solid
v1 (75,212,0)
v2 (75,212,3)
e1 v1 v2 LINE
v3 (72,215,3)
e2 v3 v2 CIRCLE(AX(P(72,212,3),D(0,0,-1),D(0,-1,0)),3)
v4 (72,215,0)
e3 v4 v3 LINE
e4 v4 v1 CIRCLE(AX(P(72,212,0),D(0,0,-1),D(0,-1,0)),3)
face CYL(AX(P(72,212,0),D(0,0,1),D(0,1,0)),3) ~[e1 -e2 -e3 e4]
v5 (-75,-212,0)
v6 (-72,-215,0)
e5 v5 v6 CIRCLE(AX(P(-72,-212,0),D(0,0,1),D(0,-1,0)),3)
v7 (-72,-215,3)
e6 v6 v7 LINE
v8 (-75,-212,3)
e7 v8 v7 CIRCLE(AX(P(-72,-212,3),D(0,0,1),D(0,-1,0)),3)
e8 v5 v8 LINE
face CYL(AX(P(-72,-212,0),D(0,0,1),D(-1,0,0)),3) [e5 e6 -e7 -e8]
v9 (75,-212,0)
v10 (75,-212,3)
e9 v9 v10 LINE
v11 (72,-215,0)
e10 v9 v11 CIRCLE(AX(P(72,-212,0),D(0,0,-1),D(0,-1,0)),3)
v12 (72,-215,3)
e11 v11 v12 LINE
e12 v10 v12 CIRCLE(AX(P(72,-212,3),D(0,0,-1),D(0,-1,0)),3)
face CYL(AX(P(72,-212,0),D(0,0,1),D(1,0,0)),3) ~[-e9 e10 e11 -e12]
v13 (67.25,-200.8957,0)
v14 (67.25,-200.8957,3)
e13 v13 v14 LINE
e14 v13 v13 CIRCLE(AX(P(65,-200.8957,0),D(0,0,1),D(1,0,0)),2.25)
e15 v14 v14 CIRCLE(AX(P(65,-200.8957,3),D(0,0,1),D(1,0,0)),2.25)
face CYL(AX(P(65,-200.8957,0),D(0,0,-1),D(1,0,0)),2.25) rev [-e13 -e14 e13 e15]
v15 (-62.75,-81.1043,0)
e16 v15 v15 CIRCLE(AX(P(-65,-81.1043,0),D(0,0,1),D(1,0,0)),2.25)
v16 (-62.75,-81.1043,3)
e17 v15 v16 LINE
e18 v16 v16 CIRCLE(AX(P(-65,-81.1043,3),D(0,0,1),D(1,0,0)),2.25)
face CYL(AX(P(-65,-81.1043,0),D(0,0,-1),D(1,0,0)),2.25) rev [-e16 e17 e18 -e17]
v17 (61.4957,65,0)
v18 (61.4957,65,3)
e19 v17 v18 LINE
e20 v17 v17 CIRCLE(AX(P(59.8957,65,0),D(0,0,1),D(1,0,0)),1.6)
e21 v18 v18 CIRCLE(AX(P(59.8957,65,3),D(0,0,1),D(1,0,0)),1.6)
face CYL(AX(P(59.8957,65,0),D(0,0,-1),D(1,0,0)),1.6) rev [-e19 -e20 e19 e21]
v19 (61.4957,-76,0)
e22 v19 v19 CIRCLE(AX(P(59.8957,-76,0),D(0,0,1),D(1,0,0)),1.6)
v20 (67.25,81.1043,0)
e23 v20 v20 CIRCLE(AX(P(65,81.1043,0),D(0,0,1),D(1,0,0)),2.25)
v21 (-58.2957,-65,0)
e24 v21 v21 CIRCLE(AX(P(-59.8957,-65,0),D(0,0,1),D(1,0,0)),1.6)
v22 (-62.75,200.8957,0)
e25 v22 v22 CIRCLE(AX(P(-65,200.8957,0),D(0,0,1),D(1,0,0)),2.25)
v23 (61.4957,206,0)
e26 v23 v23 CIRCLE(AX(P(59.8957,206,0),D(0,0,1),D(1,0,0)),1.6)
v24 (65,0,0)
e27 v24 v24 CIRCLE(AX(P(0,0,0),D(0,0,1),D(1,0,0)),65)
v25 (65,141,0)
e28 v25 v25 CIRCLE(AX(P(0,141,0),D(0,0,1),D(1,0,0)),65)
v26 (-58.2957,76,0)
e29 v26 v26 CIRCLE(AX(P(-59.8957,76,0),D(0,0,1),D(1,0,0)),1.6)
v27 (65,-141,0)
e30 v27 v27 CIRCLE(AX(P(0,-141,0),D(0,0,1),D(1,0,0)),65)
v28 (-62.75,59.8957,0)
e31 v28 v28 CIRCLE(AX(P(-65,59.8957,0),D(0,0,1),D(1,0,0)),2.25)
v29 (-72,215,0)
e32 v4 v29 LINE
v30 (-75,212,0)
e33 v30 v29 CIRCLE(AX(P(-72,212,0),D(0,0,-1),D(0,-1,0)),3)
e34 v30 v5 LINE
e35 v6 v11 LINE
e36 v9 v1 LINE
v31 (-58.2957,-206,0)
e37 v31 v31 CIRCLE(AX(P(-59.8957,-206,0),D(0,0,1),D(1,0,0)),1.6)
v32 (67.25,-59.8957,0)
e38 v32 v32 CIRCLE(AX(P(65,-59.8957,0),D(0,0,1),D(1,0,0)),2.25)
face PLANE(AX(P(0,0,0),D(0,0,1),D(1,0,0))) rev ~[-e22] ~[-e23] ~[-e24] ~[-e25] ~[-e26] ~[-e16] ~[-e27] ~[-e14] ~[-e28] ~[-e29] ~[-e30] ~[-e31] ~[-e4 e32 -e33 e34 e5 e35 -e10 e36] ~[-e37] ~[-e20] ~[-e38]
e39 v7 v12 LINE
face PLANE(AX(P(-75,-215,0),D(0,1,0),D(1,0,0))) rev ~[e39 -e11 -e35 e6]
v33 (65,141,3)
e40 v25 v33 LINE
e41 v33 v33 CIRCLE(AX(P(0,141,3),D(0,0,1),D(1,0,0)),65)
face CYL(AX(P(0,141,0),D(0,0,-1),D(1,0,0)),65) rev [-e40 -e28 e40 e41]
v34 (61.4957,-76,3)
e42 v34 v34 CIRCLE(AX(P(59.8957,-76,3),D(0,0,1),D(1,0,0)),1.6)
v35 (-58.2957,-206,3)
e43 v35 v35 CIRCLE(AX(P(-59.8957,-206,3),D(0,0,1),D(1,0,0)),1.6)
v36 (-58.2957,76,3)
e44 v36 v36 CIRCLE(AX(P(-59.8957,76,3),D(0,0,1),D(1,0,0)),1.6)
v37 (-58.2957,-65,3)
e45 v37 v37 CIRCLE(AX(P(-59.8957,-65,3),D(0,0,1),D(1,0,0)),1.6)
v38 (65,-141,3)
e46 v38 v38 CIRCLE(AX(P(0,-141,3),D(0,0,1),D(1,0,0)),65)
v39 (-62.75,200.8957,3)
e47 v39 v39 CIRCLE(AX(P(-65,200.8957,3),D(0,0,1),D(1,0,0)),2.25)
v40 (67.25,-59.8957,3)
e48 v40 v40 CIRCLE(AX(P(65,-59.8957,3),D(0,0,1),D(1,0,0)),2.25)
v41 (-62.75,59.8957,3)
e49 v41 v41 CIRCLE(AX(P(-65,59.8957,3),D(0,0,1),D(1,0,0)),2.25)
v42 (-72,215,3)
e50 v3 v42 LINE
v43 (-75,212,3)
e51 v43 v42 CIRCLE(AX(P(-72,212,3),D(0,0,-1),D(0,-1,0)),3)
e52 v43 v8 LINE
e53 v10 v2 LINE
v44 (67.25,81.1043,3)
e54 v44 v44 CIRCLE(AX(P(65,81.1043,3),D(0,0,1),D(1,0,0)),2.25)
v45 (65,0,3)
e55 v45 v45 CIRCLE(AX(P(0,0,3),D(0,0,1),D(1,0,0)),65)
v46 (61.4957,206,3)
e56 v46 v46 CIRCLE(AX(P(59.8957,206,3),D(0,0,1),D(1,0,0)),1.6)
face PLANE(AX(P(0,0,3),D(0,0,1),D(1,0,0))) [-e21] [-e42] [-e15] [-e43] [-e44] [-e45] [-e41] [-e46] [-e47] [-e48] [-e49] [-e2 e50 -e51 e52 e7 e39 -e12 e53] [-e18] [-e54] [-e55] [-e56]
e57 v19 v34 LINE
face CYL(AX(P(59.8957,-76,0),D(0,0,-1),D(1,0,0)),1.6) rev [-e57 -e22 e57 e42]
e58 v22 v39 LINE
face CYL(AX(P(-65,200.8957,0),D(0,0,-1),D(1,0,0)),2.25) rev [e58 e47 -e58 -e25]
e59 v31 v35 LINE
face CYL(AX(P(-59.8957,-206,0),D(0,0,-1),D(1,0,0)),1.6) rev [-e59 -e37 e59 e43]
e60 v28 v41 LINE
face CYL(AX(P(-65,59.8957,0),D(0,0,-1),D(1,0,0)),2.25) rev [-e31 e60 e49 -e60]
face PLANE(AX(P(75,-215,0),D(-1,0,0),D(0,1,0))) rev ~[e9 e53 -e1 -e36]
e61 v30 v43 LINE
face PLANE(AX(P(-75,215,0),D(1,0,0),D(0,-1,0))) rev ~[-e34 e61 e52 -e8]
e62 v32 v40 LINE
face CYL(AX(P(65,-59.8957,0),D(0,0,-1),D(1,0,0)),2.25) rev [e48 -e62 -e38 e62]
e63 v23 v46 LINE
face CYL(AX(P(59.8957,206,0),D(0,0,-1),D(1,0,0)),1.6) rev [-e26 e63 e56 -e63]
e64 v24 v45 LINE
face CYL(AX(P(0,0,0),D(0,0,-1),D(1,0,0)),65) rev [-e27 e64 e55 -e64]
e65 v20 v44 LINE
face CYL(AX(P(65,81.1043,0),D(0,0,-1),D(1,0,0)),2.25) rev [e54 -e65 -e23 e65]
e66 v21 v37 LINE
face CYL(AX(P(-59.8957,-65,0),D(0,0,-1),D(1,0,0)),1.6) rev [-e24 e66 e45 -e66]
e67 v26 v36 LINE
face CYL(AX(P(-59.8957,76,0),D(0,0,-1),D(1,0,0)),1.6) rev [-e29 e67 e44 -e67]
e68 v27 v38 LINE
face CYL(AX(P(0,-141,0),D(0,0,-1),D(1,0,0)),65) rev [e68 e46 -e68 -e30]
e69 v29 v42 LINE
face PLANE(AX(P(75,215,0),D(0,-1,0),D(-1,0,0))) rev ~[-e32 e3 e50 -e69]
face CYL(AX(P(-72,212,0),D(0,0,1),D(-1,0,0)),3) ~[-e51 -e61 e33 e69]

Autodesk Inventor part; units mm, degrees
ref_plane "YZ Plane" through (0, 0, 0) normal (1, 0, 0) x (0, 1, 0)
ref_plane "XZ Plane" through (0, 0, 0) normal (0, 1, 0) x (-1, 0, 0)
ref_plane "XY Plane" through (0, 0, 0) normal (0, 0, 1) x (1, 0, 0)
sketch "スケッチ1" plane through (0, 0, 0) normal (0, 0, 1) x (1, 0, 0)
  line L0 (-75, -215) -> (75, -215)
  line L1 (75, -215) -> (75, 215)
  line L2 (75, 215) -> (-75, 215)
  line L3 (-75, 215) -> (-75, -215)
  line L4 (-75, -215) -> (75, 215) construction
  line L5 (75, -215) -> (-75, 215) construction
  line L6 (-65, -215) -> (-65, 215) construction
  line L7 (-65, 59.8957) -> (59.8957, 65) construction
  line L8 (59.8957, 65) -> (65, -59.8957) construction
  line L9 (65, -59.8957) -> (-59.8957, -65) construction
  line L10 (-59.8957, -65) -> (-65, 59.8957) construction
  line L11 (-65, 59.8957) -> (65, -59.8957) construction
  line L12 (59.8957, 65) -> (-59.8957, -65) construction
  circle A0 centre (-65, 59.8957) radius 2.25
  line L13 (-67.0832, -72.8) -> (72.8, -67.0832) construction
  line L14 (72.8, -67.0832) -> (67.0832, 72.8) construction
  line L15 (67.0832, 72.8) -> (-72.8, 67.0832) construction
  line L16 (-72.8, 67.0832) -> (-67.0832, -72.8) construction
  line L17 (-67.0832, -72.8) -> (67.0832, 72.8) construction
  line L18 (72.8, -67.0832) -> (-72.8, 67.0832) construction
  line L19 (0, 0) -> (0, 70.0584) construction
  circle A1 centre (65, -59.8957) radius 2.25
  circle A2 centre (59.8957, 65) radius 1.6
  circle A3 centre (-59.8957, -65) radius 1.6
  circle A4 centre (0, 0) radius 65
  circle A5 centre (59.8957, 206) radius 1.6
  circle A6 centre (0, 141) radius 65
  circle A7 centre (-65, 200.8957) radius 2.25
  circle A8 centre (-59.8957, 76) radius 1.6
  circle A9 centre (65, 81.1043) radius 2.25
  line L20 (0, 141) -> (0, 211.0584) construction
  circle A10 centre (59.8957, -76) radius 1.6
  circle A11 centre (0, -141) radius 65
  circle A12 centre (-65, -81.1043) radius 2.25
  circle A13 centre (-59.8957, -206) radius 1.6
  circle A14 centre (65, -200.8957) radius 2.25
  line L21 (0, -141) -> (0, -70.9416) construction
  circle A15 centre (59.8957, 65) radius 1.6
  circle A16 centre (0, 0) radius 65
  circle A17 centre (-65, 59.8957) radius 2.25
  circle A18 centre (-59.8957, -65) radius 1.6
  circle A19 centre (65, -59.8957) radius 2.25
  line L22 (0, 0) -> (0, 70.0584) construction
  dimension "d0" = 150
  dimension "d1" = 430
  dimension "d3" = 65
  dimension "d4" = 125
  dimension "d7" = 4.5
  dimension "d8" = 140
  dimension "d9" = 70.0584
  dimension "d10" = 3.2
  dimension "d11" = 130
  dimension "d14" = 141
  dimension "d17" = 141
extrude "押し出し1" add sketch "スケッチ1" along normal blind 3
fillet "フィレット1" radius 3 4 edges at (-75, 215, 1.5) (75, 215, 1.5) (-75, -215, 1.5) (75, -215, 1.5)
properties part number "front_140mm" material "アルミニウム 6061"
